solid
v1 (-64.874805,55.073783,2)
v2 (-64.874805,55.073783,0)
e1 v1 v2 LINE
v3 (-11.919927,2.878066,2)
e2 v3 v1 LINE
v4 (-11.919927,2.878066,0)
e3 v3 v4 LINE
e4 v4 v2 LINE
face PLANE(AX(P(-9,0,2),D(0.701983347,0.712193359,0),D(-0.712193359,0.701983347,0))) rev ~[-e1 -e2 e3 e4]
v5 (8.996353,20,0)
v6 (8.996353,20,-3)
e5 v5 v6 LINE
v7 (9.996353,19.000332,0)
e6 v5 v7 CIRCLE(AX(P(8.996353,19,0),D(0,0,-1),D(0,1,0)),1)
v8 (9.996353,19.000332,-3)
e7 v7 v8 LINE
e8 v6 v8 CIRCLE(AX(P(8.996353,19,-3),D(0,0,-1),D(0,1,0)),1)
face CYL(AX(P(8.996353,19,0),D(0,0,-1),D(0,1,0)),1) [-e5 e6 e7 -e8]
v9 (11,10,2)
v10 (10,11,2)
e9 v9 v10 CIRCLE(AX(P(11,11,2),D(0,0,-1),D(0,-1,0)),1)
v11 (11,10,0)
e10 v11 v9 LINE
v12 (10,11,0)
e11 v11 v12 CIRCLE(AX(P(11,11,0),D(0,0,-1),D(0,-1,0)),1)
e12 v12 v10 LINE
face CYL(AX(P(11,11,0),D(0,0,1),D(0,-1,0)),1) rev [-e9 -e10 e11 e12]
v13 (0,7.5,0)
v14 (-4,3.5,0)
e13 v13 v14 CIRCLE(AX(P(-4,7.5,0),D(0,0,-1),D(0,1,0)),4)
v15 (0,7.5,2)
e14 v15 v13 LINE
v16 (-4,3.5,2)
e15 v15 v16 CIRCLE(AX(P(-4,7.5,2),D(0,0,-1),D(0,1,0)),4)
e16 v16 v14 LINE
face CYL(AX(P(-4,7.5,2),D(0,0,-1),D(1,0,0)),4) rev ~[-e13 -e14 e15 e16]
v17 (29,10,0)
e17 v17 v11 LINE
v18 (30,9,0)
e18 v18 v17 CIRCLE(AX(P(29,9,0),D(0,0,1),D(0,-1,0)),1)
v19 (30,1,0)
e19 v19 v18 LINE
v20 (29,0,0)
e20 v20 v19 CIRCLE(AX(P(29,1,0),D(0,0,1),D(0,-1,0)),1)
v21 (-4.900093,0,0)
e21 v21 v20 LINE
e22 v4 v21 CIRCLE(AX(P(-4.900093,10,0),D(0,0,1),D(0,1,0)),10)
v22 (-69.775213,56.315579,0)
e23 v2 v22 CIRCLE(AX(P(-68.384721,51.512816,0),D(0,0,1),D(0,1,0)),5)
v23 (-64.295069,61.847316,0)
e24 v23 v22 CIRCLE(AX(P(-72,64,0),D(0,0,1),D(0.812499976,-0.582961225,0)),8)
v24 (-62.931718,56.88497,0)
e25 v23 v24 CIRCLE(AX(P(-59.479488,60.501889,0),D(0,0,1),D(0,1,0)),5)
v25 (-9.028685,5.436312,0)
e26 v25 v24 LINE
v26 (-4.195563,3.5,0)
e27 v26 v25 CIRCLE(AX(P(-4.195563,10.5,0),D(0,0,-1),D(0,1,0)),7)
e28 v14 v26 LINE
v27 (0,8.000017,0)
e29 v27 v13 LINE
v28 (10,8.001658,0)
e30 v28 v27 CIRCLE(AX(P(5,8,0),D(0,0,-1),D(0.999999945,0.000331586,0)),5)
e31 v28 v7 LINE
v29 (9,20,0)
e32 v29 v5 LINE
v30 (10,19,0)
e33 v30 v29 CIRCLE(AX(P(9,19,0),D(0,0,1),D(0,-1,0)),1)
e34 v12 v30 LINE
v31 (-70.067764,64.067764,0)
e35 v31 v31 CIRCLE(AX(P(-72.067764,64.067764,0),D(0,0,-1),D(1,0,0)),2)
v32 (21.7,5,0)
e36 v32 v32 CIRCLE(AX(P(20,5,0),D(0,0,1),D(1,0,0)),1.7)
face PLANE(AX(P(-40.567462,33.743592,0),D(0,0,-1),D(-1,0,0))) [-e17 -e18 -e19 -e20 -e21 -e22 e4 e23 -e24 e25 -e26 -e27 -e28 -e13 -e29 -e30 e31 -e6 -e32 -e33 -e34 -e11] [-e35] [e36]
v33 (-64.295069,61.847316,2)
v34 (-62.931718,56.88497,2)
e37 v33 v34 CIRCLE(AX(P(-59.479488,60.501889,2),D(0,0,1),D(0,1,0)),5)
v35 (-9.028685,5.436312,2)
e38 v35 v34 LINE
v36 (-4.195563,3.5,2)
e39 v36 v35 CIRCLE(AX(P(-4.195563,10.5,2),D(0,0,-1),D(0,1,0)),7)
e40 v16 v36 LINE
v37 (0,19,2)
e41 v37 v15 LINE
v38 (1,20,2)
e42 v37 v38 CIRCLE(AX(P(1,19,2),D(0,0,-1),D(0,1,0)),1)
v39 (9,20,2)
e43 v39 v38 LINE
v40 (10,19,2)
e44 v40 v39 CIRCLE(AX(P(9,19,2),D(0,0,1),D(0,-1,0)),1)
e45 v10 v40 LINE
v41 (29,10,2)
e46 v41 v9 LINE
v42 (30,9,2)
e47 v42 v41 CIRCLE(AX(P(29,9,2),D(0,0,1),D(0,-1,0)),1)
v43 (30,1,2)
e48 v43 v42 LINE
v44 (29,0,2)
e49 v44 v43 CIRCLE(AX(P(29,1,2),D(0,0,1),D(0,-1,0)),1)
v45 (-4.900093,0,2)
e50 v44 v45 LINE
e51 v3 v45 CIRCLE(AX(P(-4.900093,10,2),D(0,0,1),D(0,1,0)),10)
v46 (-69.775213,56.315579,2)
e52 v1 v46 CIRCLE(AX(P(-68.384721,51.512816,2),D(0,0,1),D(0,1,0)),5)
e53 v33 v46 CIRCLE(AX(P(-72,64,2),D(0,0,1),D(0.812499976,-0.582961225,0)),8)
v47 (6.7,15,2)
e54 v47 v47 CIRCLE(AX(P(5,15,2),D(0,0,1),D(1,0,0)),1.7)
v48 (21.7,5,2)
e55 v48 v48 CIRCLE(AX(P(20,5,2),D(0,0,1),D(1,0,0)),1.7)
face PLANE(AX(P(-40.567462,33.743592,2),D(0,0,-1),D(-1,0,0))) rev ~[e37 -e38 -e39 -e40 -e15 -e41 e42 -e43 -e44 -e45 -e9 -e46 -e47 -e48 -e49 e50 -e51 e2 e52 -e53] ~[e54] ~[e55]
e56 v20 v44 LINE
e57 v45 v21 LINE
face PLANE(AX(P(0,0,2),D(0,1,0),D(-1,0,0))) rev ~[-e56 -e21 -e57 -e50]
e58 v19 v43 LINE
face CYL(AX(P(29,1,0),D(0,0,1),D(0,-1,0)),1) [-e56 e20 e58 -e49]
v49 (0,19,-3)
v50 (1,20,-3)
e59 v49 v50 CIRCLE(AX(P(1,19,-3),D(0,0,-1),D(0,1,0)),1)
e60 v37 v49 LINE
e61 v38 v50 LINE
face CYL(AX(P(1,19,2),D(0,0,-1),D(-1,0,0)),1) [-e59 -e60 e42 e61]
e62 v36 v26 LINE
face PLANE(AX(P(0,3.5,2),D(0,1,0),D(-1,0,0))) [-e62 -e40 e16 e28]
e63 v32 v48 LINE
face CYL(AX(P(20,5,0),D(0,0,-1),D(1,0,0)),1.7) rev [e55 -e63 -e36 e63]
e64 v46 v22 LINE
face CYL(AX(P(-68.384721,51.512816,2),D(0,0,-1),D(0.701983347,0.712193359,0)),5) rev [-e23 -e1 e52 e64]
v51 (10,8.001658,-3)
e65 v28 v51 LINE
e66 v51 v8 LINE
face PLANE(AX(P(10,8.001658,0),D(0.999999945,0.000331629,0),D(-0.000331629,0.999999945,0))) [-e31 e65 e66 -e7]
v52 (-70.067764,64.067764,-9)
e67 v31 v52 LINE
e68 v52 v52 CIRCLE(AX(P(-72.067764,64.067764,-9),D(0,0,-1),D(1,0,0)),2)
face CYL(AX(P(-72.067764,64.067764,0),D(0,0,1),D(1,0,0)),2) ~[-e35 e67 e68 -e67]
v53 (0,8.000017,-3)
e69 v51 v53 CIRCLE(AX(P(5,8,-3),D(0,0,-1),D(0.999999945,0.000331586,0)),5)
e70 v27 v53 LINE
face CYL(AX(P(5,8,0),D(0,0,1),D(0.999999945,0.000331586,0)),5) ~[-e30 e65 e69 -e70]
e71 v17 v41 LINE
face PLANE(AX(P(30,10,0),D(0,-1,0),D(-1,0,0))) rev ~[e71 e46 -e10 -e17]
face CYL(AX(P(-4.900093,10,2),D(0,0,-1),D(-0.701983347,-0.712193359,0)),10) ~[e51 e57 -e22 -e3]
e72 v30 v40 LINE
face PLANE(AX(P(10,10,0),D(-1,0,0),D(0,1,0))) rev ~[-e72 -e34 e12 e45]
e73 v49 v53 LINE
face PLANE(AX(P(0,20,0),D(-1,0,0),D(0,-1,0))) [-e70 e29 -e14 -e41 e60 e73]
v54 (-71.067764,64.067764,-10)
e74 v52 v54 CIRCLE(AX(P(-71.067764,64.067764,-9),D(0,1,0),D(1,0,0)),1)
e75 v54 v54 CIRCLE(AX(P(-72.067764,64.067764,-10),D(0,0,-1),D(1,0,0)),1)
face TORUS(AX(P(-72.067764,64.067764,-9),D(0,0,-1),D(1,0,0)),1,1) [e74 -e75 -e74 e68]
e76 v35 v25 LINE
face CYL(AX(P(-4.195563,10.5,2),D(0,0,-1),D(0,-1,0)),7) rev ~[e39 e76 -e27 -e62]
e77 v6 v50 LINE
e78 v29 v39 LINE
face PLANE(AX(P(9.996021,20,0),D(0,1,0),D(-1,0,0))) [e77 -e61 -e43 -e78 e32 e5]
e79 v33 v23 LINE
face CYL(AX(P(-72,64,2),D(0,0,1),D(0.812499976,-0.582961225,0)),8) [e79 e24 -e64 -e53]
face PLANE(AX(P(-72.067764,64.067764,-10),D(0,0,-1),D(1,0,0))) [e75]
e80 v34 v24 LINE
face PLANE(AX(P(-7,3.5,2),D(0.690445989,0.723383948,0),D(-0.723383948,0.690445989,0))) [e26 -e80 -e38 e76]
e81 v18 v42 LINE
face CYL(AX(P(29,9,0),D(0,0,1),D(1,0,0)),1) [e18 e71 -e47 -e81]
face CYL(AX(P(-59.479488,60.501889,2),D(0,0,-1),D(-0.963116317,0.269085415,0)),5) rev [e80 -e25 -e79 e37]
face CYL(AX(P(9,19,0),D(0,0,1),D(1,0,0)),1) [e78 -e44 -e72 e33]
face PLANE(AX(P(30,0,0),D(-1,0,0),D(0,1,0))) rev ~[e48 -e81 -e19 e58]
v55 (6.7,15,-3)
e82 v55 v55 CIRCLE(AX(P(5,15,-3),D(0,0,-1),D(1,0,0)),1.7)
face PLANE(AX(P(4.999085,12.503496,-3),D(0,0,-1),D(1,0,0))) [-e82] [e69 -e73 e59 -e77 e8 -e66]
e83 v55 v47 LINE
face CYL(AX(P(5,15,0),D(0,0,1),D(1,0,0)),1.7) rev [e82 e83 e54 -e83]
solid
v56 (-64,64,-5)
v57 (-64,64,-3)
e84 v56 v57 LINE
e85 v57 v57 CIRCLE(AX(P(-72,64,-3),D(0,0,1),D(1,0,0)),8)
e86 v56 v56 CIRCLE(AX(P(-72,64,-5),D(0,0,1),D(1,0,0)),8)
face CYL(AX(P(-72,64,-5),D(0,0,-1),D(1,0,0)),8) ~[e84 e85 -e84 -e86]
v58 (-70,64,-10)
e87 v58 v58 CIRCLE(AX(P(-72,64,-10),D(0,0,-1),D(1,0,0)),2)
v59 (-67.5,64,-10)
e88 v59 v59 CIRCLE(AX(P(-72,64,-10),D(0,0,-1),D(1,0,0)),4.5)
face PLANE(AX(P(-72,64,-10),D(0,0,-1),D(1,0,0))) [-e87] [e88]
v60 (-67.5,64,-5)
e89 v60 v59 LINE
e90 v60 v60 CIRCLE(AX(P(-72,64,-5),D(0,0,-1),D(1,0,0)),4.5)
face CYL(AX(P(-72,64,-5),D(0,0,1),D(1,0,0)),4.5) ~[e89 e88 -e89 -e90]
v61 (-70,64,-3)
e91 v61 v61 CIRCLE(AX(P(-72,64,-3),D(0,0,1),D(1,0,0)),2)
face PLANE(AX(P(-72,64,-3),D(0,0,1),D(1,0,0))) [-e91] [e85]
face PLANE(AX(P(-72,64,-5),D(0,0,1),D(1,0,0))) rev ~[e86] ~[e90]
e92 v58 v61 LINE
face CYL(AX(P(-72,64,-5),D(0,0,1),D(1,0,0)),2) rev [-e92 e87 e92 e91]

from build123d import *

# Parameters (mm, degrees)
SKETCH_R      = 1.7
PAD_DEPTH     = 2
SKETCH001_R   = 1.7
PAD001_DEPTH  = 3
PAD003_DEPTH  = 2
SKETCH004_R   = 2
PAD004_DEPTH  = 10
FILLET_R      = 1
FILLET001_R   = 1
FILLET002_R   = 4
FILLET003_R   = 7
FILLET004_R   = 10
FILLET005_R   = 1
FILLET006_R   = 5
SKETCH005_R   = 8
SKETCH005_R_2 = 2
PAD005_DEPTH  = 2
SKETCH006_R   = 4.5
SKETCH006_R_2 = 2
PAD006_DEPTH  = 5


with BuildPart() as main:
    # Sketch → Pad (new body)
    with BuildSketch(Plane.XY):
        Polygon((0, 0), (30, 0), (30, 10), (10, 10), (10, 20), (0, 20), align=None)
        with Locations((20, 5)):
            Circle(SKETCH_R, mode=Mode.SUBTRACT)
        with Locations((5, 15)):
            Circle(SKETCH_R, mode=Mode.SUBTRACT)
    extrude(amount=PAD_DEPTH)

    # Sketch001 (on Face9 of Pad) → Pad001 (join)
    with BuildSketch(Plane(origin=(0, 0, 0), x_dir=(1, 0, 0), z_dir=(0, 0, -1))):
        with BuildLine():
            ThreePointArc((10, -8.001658), (5.000821, -3), (0, -8.000017))
            Line((0, -20), (0, -8.000017))
            Line((9.996021, -20), (0, -20))
            Line((10, -8.001658), (9.996021, -20))
        make_face()
        with Locations((5, -15)):
            Circle(SKETCH001_R, mode=Mode.SUBTRACT)
    extrude(amount=PAD001_DEPTH)

    # Sketch003 (on Face5 of Pad001) → Pad003 (join)
    with BuildSketch(Plane.XY.offset(2)):
        with BuildLine():
            Line((0, 0), (-9, 0))
            Line((-9, 0), (-67.33631, 57.5))
            ThreePointArc((-65.5, 59.33631), (-77.656854, 69.656854), (-67.33631, 57.5))
            Line((-7, 3.5), (-65.5, 59.33631))
            Line((0, 3.5), (-7, 3.5))
            Line((0, 0), (0, 3.5))
        make_face()
    extrude(amount=-PAD003_DEPTH)

    # Sketch004 (on Face10 of Pad003) → Pad004 (join)
    with BuildSketch(Plane(origin=(0, 0, 0), x_dir=(1, 0, 0), z_dir=(0, 0, -1))):
        with Locations((-72.067764, -64.067764)):
            Circle(SKETCH004_R)
    extrude(amount=PAD004_DEPTH)

    # Fillet
    fillet_edges = [main.edges().sort_by_distance(p)[0] for p in [
        (9.996021, 20, -1.5),
        (0, 20, -1.5),
    ]]
    fillet(fillet_edges, radius=FILLET_R)

    # Fillet001
    fillet001_edges = [main.edges().sort_by_distance(p)[0] for p in [
        (10, 20, 1),
        (10, 10, 1),
        (30, 10, 1),
        (30, 0, 1),
    ]]
    fillet(fillet001_edges, radius=FILLET001_R)

    # Fillet002
    fillet002_edges = [main.edges().sort_by_distance(p)[0] for p in [
        (0, 3.5, 1),
    ]]
    fillet(fillet002_edges, radius=FILLET002_R)

    # Fillet003
    fillet003_edges = [main.edges().sort_by_distance(p)[0] for p in [
        (-7, 3.5, 1),
    ]]
    fillet(fillet003_edges, radius=FILLET003_R)

    # Fillet004
    fillet004_edges = [main.edges().sort_by_distance(p)[0] for p in [
        (-9, 0, 1),
    ]]
    fillet(fillet004_edges, radius=FILLET004_R)

    # Fillet005
    fillet005_edges = [main.edges().sort_by_distance(p)[0] for p in [
        (-74.067764, 64.067764, -10),
    ]]
    fillet(fillet005_edges, radius=FILLET005_R)

    # Fillet006
    fillet006_edges = [main.edges().sort_by_distance(p)[0] for p in [
        (-65.5, 59.33631, 1),
        (-67.33631, 57.5, 1),
    ]]
    fillet(fillet006_edges, radius=FILLET006_R)


with BuildPart() as cover:
    # Sketch005 → Pad005 (new body)
    with BuildSketch(Plane.XY):
        with Locations((-72, 64)):
            Circle(SKETCH005_R)
        with Locations((-72, 64)):
            Circle(SKETCH005_R_2, mode=Mode.SUBTRACT)
    extrude(amount=PAD005_DEPTH)

    # Sketch006 (on Face3 of Pad005) → Pad006 (join)
    with BuildSketch(Plane(origin=(0, 0, 0), x_dir=(1, 0, 0), z_dir=(0, 0, -1))):
        with Locations((-72, -64)):
            Circle(SKETCH006_R)
        with Locations((-72, -64)):
            Circle(SKETCH006_R_2, mode=Mode.SUBTRACT)
    extrude(amount=PAD006_DEPTH)


with BuildPart() as cover_1:
    # Body placement: moved
    add(cover.part.moved(Location((0, 0, -5))))


solid = Compound([main.part, cover_1.part])
